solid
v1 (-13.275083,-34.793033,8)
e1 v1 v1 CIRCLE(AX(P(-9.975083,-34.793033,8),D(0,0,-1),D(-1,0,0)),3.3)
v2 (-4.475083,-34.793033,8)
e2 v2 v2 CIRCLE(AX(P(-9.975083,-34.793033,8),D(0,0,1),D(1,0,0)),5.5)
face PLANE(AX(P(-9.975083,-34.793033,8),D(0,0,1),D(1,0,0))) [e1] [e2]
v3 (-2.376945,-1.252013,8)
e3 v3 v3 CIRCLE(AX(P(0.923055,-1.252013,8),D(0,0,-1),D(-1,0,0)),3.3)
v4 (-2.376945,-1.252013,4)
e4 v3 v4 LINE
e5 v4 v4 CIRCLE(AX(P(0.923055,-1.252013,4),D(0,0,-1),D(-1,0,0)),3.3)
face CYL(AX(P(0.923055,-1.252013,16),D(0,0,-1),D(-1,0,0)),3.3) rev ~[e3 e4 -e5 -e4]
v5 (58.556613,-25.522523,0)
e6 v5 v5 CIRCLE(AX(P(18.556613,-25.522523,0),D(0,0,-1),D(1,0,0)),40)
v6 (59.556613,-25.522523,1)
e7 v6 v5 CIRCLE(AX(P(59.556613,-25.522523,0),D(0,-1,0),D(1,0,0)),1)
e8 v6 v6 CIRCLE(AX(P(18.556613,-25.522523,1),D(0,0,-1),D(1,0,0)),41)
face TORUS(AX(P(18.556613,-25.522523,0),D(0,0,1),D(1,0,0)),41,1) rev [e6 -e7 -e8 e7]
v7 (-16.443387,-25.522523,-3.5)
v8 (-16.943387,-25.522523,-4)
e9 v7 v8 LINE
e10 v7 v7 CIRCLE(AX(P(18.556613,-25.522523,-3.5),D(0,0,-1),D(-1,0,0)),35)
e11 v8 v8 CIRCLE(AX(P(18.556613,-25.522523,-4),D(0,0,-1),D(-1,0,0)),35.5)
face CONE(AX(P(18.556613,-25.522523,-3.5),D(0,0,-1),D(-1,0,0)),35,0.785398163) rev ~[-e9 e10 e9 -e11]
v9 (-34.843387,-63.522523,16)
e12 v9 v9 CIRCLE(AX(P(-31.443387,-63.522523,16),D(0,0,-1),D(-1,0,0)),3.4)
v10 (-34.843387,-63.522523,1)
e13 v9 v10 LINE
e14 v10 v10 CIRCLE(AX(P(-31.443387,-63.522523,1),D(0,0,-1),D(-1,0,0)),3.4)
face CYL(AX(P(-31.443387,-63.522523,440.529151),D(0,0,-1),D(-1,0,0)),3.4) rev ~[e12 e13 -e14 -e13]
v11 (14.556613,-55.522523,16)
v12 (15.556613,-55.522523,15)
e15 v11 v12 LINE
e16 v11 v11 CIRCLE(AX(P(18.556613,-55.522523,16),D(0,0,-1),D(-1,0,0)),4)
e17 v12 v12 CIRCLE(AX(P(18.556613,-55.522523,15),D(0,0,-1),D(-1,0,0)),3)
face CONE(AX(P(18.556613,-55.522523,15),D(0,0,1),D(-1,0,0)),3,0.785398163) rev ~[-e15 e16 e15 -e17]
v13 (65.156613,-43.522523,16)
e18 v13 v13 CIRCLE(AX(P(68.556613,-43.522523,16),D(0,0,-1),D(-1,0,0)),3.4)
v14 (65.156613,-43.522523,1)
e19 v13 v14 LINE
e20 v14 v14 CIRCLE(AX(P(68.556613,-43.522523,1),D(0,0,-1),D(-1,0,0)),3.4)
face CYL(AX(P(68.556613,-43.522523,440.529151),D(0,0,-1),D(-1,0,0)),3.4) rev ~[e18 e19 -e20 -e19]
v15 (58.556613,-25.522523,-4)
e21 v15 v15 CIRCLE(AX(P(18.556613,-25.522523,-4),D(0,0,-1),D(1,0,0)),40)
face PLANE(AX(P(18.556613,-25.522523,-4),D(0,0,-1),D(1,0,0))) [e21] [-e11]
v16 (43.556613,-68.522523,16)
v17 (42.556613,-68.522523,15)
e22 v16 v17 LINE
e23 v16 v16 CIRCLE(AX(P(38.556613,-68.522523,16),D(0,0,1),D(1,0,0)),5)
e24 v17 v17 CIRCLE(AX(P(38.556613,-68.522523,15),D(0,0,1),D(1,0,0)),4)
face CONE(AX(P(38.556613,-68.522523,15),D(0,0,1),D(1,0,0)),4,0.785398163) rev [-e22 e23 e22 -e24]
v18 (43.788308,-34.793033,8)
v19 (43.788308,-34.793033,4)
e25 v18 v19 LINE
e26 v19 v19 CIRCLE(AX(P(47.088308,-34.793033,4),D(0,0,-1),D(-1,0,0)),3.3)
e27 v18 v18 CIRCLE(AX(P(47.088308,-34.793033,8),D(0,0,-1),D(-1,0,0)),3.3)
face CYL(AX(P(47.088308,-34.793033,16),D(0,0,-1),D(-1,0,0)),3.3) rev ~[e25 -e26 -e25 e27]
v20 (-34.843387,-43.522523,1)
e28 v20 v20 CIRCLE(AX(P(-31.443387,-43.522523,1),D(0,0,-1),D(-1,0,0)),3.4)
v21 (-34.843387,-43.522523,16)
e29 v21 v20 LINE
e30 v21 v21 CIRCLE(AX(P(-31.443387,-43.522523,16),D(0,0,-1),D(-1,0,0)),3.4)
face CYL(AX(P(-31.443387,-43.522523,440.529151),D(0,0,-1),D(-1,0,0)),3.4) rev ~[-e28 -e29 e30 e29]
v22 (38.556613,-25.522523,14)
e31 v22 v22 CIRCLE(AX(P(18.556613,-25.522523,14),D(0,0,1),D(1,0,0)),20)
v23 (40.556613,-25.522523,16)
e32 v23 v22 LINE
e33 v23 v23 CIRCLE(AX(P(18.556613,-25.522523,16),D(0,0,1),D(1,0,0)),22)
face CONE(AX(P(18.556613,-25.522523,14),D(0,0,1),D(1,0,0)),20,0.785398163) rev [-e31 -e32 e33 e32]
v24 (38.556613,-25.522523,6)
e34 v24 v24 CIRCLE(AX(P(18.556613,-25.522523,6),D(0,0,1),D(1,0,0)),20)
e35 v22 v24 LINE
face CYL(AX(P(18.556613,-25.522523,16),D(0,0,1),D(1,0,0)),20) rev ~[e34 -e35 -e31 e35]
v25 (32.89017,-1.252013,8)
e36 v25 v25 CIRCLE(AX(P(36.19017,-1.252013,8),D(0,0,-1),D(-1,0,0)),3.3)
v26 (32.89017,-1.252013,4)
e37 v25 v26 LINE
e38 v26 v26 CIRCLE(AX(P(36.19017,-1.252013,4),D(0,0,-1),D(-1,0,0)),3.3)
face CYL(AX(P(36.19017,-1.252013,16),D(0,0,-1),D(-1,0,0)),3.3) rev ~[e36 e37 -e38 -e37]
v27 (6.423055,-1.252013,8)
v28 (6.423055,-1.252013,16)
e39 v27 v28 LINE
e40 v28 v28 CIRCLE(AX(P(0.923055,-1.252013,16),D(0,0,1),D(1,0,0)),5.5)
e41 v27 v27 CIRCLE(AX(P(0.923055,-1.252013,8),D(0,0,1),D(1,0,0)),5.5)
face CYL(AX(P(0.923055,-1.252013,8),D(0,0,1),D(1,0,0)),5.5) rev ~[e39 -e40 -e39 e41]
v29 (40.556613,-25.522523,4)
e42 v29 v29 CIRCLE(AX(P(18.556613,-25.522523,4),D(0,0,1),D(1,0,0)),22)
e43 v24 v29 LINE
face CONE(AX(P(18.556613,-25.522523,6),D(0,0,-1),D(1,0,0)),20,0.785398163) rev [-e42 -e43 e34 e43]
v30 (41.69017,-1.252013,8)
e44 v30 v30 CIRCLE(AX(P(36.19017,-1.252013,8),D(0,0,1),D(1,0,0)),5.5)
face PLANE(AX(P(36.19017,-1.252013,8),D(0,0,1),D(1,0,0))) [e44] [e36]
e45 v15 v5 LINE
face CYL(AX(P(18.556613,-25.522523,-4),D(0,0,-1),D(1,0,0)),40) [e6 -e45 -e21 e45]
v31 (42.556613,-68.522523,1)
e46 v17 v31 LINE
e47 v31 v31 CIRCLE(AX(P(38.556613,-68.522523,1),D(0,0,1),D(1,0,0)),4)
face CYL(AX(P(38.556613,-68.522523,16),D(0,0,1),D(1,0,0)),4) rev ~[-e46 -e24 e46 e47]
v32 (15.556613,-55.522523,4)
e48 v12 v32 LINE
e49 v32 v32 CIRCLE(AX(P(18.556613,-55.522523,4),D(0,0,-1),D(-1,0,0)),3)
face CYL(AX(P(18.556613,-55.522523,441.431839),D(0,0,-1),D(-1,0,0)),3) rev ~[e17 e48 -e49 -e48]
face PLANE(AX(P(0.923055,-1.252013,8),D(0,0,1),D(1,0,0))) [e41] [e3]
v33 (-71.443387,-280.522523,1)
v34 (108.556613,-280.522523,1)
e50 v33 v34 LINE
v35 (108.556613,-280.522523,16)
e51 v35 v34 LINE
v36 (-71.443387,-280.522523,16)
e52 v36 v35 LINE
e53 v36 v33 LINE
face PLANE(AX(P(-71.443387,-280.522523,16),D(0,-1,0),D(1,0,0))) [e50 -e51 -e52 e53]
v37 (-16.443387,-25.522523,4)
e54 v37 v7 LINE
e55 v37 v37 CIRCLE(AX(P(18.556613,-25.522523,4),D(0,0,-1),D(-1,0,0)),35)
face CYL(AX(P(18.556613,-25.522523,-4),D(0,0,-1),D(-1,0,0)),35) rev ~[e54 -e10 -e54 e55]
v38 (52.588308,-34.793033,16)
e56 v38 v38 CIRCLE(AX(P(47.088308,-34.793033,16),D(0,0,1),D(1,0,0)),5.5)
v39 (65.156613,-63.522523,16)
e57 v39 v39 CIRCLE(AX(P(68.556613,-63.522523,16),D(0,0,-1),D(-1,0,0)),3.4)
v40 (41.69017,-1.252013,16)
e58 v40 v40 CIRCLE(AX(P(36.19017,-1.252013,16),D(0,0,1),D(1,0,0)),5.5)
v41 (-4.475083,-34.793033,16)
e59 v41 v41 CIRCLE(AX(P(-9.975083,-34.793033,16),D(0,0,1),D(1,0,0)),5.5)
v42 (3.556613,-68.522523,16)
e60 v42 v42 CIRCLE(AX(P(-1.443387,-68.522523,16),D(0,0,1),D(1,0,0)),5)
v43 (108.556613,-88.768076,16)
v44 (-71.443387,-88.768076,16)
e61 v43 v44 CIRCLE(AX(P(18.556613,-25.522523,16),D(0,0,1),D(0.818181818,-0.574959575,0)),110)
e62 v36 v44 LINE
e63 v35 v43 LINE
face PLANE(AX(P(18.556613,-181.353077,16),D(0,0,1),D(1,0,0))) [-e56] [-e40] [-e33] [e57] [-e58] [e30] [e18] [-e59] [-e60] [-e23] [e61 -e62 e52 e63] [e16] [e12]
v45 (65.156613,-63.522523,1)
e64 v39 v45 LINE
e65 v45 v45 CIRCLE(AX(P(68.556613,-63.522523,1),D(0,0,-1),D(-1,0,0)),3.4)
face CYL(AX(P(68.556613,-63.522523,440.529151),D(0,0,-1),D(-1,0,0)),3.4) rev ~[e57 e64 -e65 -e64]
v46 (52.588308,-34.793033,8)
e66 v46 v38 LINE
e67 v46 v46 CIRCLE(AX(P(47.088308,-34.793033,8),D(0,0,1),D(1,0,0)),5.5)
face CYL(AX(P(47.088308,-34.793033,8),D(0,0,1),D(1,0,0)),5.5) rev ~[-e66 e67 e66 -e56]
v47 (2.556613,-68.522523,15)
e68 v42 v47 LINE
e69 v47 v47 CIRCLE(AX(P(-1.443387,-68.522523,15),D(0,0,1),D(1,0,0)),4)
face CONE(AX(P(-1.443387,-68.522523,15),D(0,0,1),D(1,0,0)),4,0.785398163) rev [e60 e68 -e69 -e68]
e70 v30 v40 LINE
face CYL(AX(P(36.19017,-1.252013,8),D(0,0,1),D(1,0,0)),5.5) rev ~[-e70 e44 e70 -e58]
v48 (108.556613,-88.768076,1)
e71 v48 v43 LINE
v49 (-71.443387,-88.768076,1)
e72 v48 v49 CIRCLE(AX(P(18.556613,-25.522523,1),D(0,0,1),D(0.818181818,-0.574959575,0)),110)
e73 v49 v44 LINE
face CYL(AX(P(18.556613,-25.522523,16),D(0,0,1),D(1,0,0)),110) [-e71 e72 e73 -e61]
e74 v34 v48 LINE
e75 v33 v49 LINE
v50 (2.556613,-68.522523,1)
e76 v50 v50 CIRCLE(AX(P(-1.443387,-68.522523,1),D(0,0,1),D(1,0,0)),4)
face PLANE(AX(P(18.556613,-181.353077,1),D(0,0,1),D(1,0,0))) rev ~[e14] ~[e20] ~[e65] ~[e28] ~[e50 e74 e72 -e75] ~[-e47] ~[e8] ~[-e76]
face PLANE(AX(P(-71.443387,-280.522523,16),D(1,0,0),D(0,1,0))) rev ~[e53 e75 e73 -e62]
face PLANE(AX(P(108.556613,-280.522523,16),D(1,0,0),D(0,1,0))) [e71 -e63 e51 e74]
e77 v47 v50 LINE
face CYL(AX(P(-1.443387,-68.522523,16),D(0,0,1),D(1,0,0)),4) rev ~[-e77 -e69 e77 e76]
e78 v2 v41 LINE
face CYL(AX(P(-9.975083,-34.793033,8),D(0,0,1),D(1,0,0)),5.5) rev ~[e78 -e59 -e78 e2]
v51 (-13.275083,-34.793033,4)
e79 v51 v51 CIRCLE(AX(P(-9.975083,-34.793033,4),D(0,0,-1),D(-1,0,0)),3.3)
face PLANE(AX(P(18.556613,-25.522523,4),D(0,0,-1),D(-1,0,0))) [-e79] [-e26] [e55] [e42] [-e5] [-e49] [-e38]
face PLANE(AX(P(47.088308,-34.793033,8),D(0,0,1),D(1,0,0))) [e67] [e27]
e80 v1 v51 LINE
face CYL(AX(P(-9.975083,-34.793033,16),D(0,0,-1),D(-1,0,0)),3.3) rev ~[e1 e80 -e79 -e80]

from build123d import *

# Parameters (mm, degrees)
SKETCH_2_R                = 150
EXTRUDE_1_DEPTH           = 15
SKETCH_3_R                = 35
CUT_EXTRUDE_1_DEPTH       = 3
EXTRUDE_START             = 16.5
SKETCH_4_R                = 38.5
SKETCH_4_R_2              = 35
EXTRUDE_2_DEPTH           = 16.5
EXTRUDE_START_2           = 13.5
SKETCH_5_R                = 46.5
SKETCH_5_R_2              = 38.5
EXTRUDE_3_DEPTH           = 13.5
CHAMFER_1_SIZE            = 0.5
HOLE_WIZARD_1_D           = 6.6
HOLE_WIZARD_1_CBORE_D     = 11
HOLE_WIZARD_1_CBORE_DEPTH = 8
HOLE_WIZARD_6_0_6_1_D     = 6
CHAMFER_3_SIZE            = 1
CUT_EXTRUDE_START         = 69
SKETCH_20_R               = 46.5
CUT_EXTRUDE_5_DEPTH       = 69
SKETCH_22_R               = 4
CUT_EXTRUDE_7_DEPTH       = 244.812402925
CHAMFER_6_SIZE            = 1
HOLE_WIZARD_M8_1_D        = 6.8
EXTRUDE_START_3           = 5
SKETCH_27_R               = 40
SKETCH_27_R_2             = 35
EXTRUDE_4_DEPTH           = 5
CHAMFER_7_SIZE            = 0.5
CHAMFER_8_SIZE            = 2
SKETCH_25_R               = 20
CUT_EXTRUDE_8_DEPTH       = 245.171021663
CHAMFER_9_SIZE            = 2
FILLET_1_R                = 1
SKETCH_28_OUTSIDE_W       = 386.948
SKETCH_28_OUTSIDE_H       = 386.948
SKETCH_28_OUTSIDE_R       = 110
CUT_EXTRUDE_9_DEPTH       = 245.171021663
SKETCH_29_W               = 180
SKETCH_29_H               = 198.338891977
EXTRUDE_5_DEPTH           = 15


with BuildPart() as part:
    # 草图2 → 凸台-拉伸1 (new body)
    with BuildSketch(Plane.XY.offset(1)):
        with Locations((18.556612769, -25.522523089)):
            Circle(SKETCH_2_R)
    extrude(amount=EXTRUDE_1_DEPTH)

    # 草图3 → 切除-拉伸1 (cut)
    with BuildSketch(Plane(origin=(0, 0, 1), x_dir=(-1, 0, 0), z_dir=(0, 0, -1))):
        with Locations((-18.556612769, -25.522523089)):
            Circle(SKETCH_3_R)
    extrude(amount=-CUT_EXTRUDE_1_DEPTH, mode=Mode.SUBTRACT)

    # 草图4 → 凸台-拉伸2 (add)
    with BuildSketch(Plane(origin=(0, 0, 1), x_dir=(-1, 0, 0), z_dir=(0, 0, -1)).offset(EXTRUDE_START)):
        with Locations(Location((-18.556612769, -25.522523089, 0), (0, 0, 180))):
            Circle(SKETCH_4_R)
        with Locations((-18.556612769, -25.522523089)):
            Circle(SKETCH_4_R_2, mode=Mode.SUBTRACT)
    extrude(amount=-EXTRUDE_2_DEPTH)

    # 草图5 → 凸台-拉伸3 (add)
    with BuildSketch(Plane(origin=(0, 0, 1), x_dir=(-1, 0, 0), z_dir=(0, 0, -1)).offset(EXTRUDE_START_2)):
        with Locations(Location((-18.556612769, -25.522523089, 0), (0, 0, 180))):
            Circle(SKETCH_5_R)
        with Locations(Location((-18.556612769, -25.522523089, 0), (0, 0, 90))):
            Circle(SKETCH_5_R_2, mode=Mode.SUBTRACT)
    extrude(amount=-EXTRUDE_3_DEPTH)

    # 倒角1
    chamfer_1_edges = [part.edges().sort_by_distance(p)[0] for p in [
        (53.556612769, -25.522523089, -15.5),
        (-19.943387231, -25.522523089, -15.5),
    ]]
    chamfer(chamfer_1_edges, length=CHAMFER_1_SIZE)

    # 打孔尺寸根据内六角圆柱头螺钉的类型1 (through all)
    with Locations(Plane(origin=(42.626407432, -13.463363362, 16), x_dir=(1, 0, 0), z_dir=(0, 0, 1))):
        with Locations((-41.703352232, 12.211350104), (-6.436237094, 12.211350104), (4.461900826, -21.329669558), (-52.601490152, -21.329669558)):
            CounterBoreHole(HOLE_WIZARD_1_D / 2, HOLE_WIZARD_1_CBORE_D / 2, HOLE_WIZARD_1_CBORE_DEPTH)

    # Ø6.0 (6) 直径孔1 (through all)
    with Locations(Plane.XY.offset(16)):
        with Locations((18.556612769, -55.522523089)):
            Hole(HOLE_WIZARD_6_0_6_1_D / 2)

    # 倒角3
    chamfer_3_edges = [part.edges().sort_by_distance(p)[0] for p in [
        (21.556612769, -55.522523089, 16),
    ]]
    chamfer(chamfer_3_edges, length=CHAMFER_3_SIZE)

    # 草图20 → 切除-拉伸5 (cut)
    with BuildSketch(Plane(origin=(0, 0, 1), x_dir=(-1, 0, 0), z_dir=(0, 0, -1)).offset(CUT_EXTRUDE_START)):
        with Locations((-18.556612769, -25.522523089)):
            Circle(SKETCH_20_R)
    extrude(amount=-CUT_EXTRUDE_5_DEPTH, mode=Mode.SUBTRACT)

    # 草图22 → 切除-拉伸7 (cut, through all)
    with BuildSketch(Plane.XY.offset(16)):
        with Locations((-1.443387231, -68.522523089)):
            Circle(SKETCH_22_R)
        with Locations((38.556612769, -68.522523089)):
            Circle(SKETCH_22_R)
    extrude(amount=-CUT_EXTRUDE_7_DEPTH, mode=Mode.SUBTRACT)

    # 倒角6
    chamfer_6_edges = [part.edges().sort_by_distance(p)[0] for p in [
        (-5.443387231, -68.522523089, 16),
        (34.556612769, -68.522523089, 16),
    ]]
    chamfer(chamfer_6_edges, length=CHAMFER_6_SIZE)

    # M8 螺纹孔1 (through all)
    with Locations(Plane.XY.offset(16)):
        with Locations((-31.443387231, -43.522523089), (-31.443387231, -63.522523089), (68.556612769, -43.522523089), (68.556612769, -63.522523089), (18.556612769, -25.522523089)):
            Hole(HOLE_WIZARD_M8_1_D / 2)

    # 草图27 → 凸台-拉伸4 (add)
    with BuildSketch(Plane(origin=(0, 0, 1), x_dir=(-1, 0, 0), z_dir=(0, 0, -1)).offset(EXTRUDE_START_3)):
        with Locations(Location((-18.556612769, -25.522523089, 0), (0, 0, 180))):
            Circle(SKETCH_27_R)
        with Locations((-18.556612769, -25.522523089)):
            Circle(SKETCH_27_R_2, mode=Mode.SUBTRACT)
    extrude(amount=-EXTRUDE_4_DEPTH)

    # 倒角7
    chamfer_7_edges = [part.edges().sort_by_distance(p)[0] for p in [
        (53.556612769, -25.522523089, -4),
    ]]
    chamfer(chamfer_7_edges, length=CHAMFER_7_SIZE)

    # 倒角8
    chamfer_8_edges = [part.edges().sort_by_distance(p)[0] for p in [
        (-131.443387231, -25.522523089, 1),
        (-131.443387231, -25.522523089, 16),
    ]]
    chamfer(chamfer_8_edges, length=CHAMFER_8_SIZE)

    # 草图25 → 切除-拉伸8 (cut, through all)
    with BuildSketch(Plane.XY.offset(16)):
        with Locations((18.556612769, -25.522523089)):
            Circle(SKETCH_25_R)
    extrude(amount=-CUT_EXTRUDE_8_DEPTH, mode=Mode.SUBTRACT)

    # 倒角9
    chamfer_9_edges = [part.edges().sort_by_distance(p)[0] for p in [
        (-1.443387231, -25.522523089, 4),
        (-1.443387231, -25.522523089, 16),
    ]]
    chamfer(chamfer_9_edges, length=CHAMFER_9_SIZE)

    # 圆角1
    fillet_1_edges = [part.edges().sort_by_distance(p)[0] for p in [
        (-21.443387231, -25.522523089, 1),
    ]]
    fillet(fillet_1_edges, radius=FILLET_1_R)

    # 草图28 outside → 切除-拉伸9 (cut, through all)
    with BuildSketch(Plane.XY.offset(16)):
        with Locations((18.557, -25.523)):
            Rectangle(SKETCH_28_OUTSIDE_W, SKETCH_28_OUTSIDE_H)
        with Locations((18.556612769, -25.522523089)):
            Circle(SKETCH_28_OUTSIDE_R, mode=Mode.SUBTRACT)
    extrude(amount=-CUT_EXTRUDE_9_DEPTH, mode=Mode.SUBTRACT)

    # 草图29 → 凸台-拉伸5 (add)
    with BuildSketch(Plane.XY.offset(16)):
        with Locations((18.556612769, -181.353077101)):
            Rectangle(SKETCH_29_W, SKETCH_29_H)
    extrude(amount=-EXTRUDE_5_DEPTH)


solid = part.part
